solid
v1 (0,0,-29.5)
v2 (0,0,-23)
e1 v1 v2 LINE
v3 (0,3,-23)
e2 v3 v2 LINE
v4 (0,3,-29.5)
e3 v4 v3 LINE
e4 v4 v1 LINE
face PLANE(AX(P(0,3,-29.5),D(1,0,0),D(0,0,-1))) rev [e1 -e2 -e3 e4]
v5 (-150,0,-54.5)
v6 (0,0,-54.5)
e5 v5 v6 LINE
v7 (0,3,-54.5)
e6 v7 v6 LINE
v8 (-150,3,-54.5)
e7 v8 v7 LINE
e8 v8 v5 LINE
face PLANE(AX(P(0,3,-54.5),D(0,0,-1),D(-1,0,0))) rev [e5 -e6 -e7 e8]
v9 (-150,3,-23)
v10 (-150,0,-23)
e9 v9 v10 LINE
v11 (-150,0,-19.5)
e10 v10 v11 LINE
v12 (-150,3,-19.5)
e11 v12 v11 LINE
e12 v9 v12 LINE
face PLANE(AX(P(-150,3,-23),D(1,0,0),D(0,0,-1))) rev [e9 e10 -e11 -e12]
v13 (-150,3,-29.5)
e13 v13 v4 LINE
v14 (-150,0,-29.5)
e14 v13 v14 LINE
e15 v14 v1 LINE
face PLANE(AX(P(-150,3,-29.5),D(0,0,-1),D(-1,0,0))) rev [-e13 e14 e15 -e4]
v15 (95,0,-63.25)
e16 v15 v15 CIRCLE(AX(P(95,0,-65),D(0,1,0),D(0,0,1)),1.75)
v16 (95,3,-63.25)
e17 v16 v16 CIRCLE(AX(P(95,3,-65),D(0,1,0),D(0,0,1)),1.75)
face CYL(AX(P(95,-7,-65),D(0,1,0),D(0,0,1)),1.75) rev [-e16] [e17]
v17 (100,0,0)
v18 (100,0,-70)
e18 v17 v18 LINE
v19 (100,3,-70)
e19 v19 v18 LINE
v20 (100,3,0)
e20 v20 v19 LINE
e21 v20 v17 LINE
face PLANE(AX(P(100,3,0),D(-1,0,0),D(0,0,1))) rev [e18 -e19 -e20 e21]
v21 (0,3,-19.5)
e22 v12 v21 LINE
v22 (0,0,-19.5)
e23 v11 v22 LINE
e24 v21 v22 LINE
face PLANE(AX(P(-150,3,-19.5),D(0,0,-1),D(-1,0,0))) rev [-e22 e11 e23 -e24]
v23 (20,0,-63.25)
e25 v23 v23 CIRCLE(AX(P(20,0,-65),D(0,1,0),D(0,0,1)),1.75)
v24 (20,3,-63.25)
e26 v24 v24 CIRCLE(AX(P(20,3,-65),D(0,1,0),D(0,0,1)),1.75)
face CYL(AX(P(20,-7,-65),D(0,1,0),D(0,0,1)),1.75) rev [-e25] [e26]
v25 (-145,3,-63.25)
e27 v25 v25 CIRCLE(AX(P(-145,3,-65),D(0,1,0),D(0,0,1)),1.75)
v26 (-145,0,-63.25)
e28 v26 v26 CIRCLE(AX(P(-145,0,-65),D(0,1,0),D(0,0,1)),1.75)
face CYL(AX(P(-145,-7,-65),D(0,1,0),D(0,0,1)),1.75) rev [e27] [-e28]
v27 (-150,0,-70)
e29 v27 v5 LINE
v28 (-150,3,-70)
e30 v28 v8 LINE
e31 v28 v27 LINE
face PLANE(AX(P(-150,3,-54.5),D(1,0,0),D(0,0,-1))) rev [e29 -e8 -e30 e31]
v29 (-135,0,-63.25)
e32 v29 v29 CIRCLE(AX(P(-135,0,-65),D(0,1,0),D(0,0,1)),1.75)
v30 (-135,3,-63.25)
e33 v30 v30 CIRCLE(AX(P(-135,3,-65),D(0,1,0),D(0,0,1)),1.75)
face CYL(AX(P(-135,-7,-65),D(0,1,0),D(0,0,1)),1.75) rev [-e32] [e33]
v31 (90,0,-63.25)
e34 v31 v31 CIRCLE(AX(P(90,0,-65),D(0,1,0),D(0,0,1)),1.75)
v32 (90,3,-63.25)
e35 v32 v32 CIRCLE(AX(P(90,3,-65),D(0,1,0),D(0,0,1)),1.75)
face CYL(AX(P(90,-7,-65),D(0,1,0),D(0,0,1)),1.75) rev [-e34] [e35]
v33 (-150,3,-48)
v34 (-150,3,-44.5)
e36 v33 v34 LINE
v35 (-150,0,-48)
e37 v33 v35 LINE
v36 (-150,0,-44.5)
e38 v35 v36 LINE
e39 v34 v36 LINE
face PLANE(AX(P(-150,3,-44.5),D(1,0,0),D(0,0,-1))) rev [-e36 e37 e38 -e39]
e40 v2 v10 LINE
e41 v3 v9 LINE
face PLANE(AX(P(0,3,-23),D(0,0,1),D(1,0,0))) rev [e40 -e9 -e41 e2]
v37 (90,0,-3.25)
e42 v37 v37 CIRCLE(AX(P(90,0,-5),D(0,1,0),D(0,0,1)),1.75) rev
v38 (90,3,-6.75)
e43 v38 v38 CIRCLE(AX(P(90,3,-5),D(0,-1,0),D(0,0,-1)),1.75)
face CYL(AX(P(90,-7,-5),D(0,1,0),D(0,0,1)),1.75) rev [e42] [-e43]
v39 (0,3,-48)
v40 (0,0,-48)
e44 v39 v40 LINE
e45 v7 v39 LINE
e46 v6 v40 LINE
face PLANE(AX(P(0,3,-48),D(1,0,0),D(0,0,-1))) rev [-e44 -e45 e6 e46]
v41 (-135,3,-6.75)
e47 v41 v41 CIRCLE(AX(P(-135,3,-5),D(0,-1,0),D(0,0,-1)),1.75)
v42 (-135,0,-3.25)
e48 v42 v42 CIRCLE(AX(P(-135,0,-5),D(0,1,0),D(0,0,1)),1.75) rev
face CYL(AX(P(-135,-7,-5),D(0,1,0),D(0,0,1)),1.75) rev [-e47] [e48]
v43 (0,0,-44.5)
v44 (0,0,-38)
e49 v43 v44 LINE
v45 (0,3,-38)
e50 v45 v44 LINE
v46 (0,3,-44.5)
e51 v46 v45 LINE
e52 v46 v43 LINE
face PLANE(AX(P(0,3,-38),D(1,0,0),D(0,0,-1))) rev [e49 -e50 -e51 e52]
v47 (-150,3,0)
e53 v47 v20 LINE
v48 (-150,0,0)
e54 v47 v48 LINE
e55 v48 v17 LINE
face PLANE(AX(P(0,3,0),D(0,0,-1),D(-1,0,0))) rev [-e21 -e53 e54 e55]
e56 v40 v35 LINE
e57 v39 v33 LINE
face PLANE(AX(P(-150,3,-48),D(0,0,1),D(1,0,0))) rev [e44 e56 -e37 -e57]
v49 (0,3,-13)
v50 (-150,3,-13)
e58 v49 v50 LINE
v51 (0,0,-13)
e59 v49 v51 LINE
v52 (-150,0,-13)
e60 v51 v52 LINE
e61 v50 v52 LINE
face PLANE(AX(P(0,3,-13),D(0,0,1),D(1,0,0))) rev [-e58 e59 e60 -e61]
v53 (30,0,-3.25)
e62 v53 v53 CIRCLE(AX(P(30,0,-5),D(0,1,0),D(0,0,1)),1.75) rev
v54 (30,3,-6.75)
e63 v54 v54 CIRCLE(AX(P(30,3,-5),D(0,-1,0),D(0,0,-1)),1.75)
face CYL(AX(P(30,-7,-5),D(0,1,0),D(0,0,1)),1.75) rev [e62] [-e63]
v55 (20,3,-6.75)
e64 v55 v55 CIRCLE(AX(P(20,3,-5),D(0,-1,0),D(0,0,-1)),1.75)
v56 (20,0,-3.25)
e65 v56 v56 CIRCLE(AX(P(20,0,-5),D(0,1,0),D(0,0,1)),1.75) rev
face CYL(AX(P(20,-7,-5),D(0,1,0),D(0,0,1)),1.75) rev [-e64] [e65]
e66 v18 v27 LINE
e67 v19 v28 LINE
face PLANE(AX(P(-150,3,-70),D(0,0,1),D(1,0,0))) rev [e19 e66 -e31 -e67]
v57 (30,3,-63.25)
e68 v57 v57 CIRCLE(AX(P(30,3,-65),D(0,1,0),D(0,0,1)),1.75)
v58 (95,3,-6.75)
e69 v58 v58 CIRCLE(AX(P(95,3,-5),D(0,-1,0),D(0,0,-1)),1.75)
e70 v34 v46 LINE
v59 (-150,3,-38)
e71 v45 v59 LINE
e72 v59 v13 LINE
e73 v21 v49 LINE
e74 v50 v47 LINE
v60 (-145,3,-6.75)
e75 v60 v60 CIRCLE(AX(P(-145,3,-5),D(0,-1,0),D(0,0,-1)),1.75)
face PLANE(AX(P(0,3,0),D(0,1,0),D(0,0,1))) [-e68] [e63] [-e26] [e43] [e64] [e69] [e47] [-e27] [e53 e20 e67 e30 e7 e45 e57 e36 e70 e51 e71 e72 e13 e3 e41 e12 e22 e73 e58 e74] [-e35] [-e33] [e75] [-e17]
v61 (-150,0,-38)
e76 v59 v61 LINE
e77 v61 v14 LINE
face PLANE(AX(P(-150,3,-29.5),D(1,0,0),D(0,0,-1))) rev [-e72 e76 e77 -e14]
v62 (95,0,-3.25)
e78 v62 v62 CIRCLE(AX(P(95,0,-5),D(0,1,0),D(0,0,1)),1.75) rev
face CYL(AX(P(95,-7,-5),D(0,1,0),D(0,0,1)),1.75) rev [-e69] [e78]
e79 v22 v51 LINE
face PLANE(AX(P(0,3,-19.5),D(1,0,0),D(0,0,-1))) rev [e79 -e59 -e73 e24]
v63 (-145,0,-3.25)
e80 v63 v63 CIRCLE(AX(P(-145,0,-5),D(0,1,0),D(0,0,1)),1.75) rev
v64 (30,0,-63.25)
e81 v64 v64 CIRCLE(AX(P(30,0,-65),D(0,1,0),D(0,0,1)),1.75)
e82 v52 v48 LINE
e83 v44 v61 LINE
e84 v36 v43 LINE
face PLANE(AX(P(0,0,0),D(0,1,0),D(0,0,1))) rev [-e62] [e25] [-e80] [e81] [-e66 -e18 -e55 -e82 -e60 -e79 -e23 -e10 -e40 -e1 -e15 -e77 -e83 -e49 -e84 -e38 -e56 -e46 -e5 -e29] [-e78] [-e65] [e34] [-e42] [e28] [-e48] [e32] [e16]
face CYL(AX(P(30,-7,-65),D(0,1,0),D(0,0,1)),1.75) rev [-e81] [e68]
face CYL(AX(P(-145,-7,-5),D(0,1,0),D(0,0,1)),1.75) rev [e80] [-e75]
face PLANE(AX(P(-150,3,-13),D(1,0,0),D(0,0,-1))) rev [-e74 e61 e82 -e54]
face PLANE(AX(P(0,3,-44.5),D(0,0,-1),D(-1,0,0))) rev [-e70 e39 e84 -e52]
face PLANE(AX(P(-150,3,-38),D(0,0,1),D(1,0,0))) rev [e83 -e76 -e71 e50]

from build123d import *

# Parameters (mm, degrees)
BOSS_EXTRUDE1_DEPTH = 3
SKETCH2_R           = 1.75
CUT_EXTRUDE1_DEPTH  = 10
SKETCH3_R           = 1.75
CUT_EXTRUDE2_DEPTH  = 10


with BuildPart() as part:
    # Sketch1 → Boss-Extrude1 (new body)
    with BuildSketch(Plane(origin=(0, 0, 0), x_dir=(1, 0, 0), z_dir=(0, 1, 0))):
        Polygon((-150, 29.5), (0, 29.5), (0, 23), (-150, 23), (-150, 19.5), (0, 19.5), (0, 13), (-150, 13), (-150, 0), (0, 0), (100, 0), (100, 70), (-50, 70), (-150, 70), (-150, 54.5), (0, 54.5), (0, 48), (-150, 48), (-150, 44.5), (0, 44.5), (0, 38), (-150, 38), align=None)
    extrude(amount=BOSS_EXTRUDE1_DEPTH)

    # Sketch2 → Cut-Extrude1 (cut)
    with BuildSketch(Plane(origin=(0, 3, 0), x_dir=(1, 0, 0), z_dir=(0, 1, 0))):
        with Locations(Location((-145, 65, 0), (0, 0, 270))):
            Circle(SKETCH2_R)
        with Locations(Location((-135, 65, 0), (0, 0, 270))):
            Circle(SKETCH2_R)
        with Locations(Location((20, 65, 0), (0, 0, 270))):
            Circle(SKETCH2_R)
        with Locations(Location((30, 65, 0), (0, 0, 270))):
            Circle(SKETCH2_R)
    cut_extrude1 = extrude(amount=-CUT_EXTRUDE1_DEPTH, mode=Mode.SUBTRACT)

    # Sketch3 → Cut-Extrude2 (cut)
    with BuildSketch(Plane(origin=(0, 3, 0), x_dir=(1, 0, 0), z_dir=(0, 1, 0))):
        with Locations(Location((95, 65, 0), (0, 0, 270))):
            Circle(SKETCH3_R)
        with Locations(Location((90, 65, 0), (0, 0, 270))):
            Circle(SKETCH3_R)
    cut_extrude2 = extrude(amount=-CUT_EXTRUDE2_DEPTH, mode=Mode.SUBTRACT)

    # Mirror1: Cut-Extrude1, Cut-Extrude2 across plane
    add(cut_extrude1.mirror(Plane(origin=(0, 0, -35), x_dir=(1, 0, 0), z_dir=(0, 0, -1))), mode=Mode.SUBTRACT)
    add(cut_extrude2.mirror(Plane(origin=(0, 0, -35), x_dir=(1, 0, 0), z_dir=(0, 0, -1))), mode=Mode.SUBTRACT)


solid = part.part
